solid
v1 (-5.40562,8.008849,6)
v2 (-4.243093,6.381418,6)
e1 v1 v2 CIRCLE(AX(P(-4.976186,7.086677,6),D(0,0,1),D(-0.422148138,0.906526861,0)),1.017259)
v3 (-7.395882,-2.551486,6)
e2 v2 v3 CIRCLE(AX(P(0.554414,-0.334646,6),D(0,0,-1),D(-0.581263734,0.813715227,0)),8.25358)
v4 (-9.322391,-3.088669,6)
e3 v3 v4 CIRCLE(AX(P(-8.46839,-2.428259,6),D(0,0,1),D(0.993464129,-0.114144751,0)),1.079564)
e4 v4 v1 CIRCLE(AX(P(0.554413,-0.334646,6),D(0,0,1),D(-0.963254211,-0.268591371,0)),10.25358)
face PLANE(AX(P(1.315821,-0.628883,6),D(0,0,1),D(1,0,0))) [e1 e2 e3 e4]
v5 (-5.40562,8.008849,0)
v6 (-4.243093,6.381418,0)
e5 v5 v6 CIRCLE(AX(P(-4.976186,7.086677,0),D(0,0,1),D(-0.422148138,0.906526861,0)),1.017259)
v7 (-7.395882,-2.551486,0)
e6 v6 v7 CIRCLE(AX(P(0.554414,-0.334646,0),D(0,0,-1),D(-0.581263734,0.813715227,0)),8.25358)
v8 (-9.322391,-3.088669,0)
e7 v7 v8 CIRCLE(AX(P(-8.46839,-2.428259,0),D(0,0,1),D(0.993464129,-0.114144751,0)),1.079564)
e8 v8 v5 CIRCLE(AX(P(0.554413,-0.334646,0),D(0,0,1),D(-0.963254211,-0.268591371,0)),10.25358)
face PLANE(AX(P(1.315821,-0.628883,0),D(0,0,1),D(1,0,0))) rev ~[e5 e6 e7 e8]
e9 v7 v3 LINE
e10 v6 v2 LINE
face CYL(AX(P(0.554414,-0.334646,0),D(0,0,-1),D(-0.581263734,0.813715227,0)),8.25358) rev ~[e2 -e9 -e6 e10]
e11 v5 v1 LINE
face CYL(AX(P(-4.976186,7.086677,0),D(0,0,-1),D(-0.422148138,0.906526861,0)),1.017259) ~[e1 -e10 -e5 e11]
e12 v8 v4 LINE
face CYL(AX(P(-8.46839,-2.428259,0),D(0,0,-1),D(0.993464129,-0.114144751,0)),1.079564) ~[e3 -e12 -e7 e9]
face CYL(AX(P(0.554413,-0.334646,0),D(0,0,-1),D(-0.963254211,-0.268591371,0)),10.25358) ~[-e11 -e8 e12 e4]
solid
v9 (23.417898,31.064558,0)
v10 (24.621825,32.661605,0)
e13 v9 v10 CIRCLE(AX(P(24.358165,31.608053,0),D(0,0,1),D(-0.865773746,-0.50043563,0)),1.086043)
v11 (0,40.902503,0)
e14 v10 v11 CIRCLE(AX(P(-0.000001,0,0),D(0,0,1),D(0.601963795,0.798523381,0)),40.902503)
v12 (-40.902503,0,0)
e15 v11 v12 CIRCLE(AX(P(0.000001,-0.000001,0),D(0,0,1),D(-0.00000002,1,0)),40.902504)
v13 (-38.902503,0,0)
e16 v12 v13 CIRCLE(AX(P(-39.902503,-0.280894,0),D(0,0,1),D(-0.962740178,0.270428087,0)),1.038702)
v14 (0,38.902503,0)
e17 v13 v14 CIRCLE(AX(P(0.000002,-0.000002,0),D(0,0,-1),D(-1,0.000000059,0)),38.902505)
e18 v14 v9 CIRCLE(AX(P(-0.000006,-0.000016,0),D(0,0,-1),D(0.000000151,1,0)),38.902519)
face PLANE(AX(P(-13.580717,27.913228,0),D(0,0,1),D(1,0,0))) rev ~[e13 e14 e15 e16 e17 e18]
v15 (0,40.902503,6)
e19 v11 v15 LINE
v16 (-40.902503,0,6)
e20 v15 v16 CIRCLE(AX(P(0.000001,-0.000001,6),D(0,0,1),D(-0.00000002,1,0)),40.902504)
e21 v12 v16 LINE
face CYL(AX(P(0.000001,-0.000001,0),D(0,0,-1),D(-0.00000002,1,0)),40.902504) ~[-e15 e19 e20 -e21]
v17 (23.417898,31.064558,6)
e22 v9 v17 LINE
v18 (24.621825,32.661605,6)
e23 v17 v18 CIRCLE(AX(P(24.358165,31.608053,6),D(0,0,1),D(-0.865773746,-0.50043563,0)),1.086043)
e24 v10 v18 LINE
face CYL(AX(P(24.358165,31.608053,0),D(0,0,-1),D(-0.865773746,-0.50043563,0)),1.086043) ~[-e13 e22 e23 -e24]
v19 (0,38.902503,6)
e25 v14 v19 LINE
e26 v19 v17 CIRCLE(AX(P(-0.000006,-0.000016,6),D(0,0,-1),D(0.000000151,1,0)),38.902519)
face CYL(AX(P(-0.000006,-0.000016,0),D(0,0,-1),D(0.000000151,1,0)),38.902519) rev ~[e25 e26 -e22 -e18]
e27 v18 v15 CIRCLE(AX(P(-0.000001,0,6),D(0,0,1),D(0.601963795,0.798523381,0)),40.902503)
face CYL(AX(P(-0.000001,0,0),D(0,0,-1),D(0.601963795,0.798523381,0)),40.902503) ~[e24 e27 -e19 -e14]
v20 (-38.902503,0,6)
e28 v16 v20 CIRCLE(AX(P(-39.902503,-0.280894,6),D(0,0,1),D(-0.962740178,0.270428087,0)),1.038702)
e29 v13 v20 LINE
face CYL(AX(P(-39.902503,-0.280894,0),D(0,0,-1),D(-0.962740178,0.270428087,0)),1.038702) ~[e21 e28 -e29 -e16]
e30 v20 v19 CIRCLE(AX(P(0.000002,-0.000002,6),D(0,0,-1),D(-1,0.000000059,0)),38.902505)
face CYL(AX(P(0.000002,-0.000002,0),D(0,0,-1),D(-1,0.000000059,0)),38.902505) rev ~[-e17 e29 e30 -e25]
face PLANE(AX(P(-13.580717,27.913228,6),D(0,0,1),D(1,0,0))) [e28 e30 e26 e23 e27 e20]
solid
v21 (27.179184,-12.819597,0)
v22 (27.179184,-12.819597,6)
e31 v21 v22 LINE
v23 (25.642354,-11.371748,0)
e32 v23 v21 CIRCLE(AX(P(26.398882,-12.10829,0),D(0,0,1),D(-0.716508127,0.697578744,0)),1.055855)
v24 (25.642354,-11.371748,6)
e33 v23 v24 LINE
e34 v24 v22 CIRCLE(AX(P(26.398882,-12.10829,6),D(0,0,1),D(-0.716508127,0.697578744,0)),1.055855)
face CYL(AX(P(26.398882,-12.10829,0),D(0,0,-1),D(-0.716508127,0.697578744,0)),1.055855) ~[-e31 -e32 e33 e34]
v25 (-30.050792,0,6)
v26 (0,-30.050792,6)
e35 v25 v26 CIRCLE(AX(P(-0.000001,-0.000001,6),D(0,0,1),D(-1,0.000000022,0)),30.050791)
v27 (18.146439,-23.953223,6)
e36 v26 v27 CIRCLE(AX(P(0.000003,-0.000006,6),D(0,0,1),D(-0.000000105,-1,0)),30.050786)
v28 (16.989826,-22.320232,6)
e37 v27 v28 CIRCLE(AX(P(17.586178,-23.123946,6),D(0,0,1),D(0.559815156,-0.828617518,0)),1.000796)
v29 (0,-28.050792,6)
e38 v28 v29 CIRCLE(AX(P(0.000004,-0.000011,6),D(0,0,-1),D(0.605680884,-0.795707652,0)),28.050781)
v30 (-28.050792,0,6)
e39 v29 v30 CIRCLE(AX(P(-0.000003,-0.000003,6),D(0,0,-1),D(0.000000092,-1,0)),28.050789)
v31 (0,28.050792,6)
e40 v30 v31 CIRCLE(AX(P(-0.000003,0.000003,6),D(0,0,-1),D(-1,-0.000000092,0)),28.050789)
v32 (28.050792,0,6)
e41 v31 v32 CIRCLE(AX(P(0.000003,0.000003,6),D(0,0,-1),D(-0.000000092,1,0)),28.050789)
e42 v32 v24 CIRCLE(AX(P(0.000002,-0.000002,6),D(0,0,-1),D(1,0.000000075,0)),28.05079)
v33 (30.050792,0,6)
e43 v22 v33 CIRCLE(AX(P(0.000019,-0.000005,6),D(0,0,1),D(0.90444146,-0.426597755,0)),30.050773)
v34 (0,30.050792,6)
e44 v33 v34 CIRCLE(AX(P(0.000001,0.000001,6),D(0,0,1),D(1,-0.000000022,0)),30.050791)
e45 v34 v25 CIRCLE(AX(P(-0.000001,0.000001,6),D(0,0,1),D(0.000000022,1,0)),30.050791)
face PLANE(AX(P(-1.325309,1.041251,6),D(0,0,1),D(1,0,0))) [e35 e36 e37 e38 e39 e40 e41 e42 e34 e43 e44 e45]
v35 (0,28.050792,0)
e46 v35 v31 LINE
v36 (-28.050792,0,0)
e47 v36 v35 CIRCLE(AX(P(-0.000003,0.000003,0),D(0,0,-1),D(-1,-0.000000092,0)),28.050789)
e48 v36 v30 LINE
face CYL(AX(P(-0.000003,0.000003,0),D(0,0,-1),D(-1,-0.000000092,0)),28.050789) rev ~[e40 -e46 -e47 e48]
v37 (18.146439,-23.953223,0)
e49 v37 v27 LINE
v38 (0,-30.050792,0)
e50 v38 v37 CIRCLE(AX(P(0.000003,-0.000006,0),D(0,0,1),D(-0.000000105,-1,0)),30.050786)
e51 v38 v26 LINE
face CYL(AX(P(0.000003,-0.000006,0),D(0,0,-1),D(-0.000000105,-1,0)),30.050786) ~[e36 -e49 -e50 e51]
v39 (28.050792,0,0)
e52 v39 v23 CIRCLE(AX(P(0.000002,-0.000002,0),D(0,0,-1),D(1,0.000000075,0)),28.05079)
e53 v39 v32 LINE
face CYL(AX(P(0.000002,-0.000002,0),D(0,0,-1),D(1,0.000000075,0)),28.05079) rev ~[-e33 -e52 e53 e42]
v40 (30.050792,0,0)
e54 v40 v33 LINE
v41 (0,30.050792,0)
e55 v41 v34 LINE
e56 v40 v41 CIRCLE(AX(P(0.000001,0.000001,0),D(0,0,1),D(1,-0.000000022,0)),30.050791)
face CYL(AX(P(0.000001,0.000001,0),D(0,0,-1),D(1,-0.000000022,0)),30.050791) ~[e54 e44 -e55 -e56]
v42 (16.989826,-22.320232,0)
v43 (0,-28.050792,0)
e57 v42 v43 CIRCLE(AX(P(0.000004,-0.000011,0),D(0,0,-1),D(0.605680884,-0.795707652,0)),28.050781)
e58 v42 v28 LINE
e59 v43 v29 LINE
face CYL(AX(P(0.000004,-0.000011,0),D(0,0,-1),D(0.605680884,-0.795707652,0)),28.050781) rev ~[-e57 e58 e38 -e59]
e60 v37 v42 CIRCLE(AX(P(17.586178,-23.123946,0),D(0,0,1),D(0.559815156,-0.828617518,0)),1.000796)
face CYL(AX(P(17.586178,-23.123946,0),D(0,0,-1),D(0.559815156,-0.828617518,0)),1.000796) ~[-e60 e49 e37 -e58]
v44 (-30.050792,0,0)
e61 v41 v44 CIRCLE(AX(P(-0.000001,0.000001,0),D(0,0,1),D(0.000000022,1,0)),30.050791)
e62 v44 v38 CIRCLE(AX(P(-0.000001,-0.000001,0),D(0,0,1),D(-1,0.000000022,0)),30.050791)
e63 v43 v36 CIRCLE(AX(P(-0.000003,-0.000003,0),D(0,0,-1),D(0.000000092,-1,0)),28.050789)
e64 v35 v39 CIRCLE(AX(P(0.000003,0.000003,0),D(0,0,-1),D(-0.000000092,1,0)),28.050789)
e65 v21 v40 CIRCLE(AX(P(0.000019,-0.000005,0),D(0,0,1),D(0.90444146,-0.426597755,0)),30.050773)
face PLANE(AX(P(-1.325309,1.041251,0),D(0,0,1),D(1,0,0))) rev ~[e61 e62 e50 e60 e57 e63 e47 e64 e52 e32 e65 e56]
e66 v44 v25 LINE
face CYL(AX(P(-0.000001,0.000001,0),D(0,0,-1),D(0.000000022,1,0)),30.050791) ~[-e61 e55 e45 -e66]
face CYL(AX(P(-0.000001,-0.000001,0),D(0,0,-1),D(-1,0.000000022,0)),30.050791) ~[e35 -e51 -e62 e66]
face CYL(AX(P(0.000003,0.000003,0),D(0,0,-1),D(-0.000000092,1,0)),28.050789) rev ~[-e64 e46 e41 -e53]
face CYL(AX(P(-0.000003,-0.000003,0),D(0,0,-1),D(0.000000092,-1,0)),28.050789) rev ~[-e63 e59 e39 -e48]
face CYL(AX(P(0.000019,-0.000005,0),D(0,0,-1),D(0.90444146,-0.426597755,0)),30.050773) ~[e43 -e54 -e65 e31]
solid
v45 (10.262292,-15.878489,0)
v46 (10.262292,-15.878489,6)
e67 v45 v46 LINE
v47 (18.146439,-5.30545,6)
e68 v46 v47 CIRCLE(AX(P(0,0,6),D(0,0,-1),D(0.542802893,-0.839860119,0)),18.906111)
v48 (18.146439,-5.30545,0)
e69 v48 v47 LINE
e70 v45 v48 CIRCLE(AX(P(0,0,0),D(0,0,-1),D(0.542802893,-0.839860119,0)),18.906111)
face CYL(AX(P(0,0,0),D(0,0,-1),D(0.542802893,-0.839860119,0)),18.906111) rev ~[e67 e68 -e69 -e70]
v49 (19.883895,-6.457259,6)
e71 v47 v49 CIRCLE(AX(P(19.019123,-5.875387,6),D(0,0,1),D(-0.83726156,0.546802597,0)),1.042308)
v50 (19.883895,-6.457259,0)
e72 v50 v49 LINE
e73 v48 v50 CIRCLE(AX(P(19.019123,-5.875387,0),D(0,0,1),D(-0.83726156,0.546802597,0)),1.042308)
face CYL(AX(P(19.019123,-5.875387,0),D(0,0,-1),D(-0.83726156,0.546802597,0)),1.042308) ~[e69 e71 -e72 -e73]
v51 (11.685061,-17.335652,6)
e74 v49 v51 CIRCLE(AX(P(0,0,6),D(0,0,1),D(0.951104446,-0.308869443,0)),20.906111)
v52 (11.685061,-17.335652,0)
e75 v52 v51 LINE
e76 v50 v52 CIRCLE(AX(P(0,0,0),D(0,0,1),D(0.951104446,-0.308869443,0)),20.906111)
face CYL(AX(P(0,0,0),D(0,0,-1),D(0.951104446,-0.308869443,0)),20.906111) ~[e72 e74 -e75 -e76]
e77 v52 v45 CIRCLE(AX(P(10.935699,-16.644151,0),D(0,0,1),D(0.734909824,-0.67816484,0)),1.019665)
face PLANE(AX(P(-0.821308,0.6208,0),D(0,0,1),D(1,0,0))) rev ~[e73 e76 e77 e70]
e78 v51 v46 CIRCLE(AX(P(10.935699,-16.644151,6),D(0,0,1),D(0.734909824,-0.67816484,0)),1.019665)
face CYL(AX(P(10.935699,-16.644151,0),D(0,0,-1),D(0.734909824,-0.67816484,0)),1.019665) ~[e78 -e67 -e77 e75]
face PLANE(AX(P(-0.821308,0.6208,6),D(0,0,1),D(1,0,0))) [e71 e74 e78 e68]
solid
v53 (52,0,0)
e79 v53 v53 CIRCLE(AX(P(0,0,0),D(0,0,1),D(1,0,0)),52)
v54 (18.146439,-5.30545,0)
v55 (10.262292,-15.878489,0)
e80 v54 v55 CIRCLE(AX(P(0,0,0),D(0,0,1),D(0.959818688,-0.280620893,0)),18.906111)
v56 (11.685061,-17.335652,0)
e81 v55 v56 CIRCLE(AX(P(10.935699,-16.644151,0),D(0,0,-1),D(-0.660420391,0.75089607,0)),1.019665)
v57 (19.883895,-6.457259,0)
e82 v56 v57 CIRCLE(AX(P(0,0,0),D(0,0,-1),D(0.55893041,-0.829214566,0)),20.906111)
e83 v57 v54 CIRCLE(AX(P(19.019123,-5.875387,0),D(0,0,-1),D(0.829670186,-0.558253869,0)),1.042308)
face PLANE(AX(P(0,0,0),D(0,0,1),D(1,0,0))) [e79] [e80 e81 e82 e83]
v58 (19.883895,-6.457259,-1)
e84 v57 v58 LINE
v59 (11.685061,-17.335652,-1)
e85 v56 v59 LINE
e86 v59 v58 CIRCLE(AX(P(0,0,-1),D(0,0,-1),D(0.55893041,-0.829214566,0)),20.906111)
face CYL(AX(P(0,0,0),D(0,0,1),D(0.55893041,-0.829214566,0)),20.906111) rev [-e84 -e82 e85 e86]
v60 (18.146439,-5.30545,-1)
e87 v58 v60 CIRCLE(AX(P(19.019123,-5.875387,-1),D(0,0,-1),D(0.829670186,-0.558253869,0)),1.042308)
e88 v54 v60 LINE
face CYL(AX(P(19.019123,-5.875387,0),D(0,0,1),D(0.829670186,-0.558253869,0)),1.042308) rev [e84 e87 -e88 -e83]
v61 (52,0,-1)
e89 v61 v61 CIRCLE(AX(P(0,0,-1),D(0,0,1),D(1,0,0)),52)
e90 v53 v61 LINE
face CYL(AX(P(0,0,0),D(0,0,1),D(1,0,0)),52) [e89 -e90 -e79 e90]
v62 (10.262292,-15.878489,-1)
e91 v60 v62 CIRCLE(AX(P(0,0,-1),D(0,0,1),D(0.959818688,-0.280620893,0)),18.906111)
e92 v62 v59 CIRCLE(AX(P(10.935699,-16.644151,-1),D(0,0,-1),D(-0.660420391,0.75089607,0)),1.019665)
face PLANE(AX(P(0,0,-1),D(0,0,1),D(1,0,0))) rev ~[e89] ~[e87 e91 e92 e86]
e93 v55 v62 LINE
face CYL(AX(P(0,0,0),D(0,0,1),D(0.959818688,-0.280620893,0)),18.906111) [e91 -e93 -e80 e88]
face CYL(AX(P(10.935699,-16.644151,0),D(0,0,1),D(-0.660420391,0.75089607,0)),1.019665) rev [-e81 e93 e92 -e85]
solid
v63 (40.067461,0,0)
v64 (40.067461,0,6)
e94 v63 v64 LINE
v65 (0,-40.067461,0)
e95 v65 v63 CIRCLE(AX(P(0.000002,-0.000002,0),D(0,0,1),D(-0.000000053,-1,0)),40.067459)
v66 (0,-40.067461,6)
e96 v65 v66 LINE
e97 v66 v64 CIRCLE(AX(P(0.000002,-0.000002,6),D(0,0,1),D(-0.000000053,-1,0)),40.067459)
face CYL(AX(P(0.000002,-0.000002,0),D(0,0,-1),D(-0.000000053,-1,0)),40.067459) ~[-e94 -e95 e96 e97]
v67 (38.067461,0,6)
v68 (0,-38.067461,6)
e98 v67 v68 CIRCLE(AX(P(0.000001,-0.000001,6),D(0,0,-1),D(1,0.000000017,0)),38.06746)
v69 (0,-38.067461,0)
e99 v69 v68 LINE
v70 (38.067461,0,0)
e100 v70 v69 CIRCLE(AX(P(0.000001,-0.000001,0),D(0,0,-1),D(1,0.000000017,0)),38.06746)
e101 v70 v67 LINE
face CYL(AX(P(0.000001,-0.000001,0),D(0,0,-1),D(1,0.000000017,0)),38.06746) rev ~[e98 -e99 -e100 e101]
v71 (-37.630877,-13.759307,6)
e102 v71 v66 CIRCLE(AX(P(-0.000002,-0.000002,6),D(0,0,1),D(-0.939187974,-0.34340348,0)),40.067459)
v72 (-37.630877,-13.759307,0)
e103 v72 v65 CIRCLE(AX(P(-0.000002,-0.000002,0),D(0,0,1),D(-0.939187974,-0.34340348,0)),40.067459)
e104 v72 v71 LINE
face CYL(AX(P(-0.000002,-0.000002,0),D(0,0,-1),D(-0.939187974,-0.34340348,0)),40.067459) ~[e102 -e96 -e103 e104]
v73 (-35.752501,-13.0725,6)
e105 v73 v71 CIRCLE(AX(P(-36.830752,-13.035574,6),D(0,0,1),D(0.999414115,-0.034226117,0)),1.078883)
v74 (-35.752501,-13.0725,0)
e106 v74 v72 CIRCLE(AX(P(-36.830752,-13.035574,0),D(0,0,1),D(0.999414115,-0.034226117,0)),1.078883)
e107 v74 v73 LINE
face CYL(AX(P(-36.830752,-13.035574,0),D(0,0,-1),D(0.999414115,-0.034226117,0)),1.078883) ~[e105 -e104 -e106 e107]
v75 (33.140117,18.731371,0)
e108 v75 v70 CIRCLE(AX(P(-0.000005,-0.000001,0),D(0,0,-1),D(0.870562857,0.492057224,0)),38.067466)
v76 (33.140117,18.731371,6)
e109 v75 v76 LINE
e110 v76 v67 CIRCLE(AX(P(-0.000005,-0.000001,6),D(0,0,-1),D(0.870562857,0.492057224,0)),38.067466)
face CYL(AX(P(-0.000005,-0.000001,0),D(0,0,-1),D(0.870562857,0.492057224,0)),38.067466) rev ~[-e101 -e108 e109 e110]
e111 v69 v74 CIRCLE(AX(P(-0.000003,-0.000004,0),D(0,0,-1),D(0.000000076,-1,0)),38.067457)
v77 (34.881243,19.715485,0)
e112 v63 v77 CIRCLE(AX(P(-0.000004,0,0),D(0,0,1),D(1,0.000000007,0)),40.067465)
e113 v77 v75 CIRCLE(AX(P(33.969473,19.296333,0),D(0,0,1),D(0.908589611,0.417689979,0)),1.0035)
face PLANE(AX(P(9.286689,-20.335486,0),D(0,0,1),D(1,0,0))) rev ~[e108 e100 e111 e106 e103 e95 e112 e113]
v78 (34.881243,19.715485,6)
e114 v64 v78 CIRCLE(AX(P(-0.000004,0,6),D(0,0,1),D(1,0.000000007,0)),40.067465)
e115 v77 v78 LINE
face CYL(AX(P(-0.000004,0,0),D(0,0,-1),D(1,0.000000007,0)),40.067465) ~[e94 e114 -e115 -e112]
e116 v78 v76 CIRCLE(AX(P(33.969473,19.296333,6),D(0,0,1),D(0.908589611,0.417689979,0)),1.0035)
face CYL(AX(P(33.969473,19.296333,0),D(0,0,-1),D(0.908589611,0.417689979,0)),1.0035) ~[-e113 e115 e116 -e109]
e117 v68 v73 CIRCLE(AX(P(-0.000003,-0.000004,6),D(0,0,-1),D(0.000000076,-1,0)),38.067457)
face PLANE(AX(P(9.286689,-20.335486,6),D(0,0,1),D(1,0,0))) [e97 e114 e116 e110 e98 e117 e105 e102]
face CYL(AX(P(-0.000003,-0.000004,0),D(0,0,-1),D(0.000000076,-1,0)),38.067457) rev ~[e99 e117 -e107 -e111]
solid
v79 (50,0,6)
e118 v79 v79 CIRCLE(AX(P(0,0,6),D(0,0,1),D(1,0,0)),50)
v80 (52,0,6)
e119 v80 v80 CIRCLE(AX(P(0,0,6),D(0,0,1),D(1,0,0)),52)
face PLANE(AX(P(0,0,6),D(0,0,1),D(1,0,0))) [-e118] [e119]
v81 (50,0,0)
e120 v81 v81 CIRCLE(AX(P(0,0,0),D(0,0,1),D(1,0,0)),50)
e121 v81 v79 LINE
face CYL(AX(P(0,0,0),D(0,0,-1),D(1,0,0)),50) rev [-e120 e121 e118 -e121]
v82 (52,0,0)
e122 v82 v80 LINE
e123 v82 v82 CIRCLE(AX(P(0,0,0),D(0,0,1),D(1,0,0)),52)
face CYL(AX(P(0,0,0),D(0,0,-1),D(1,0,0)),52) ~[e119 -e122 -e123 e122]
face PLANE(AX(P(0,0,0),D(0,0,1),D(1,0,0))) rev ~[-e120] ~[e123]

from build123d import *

# Parameters (mm, degrees)
F0_R     = 52
F0_R_2   = 50
F1_DEPTH = 6
F2_R     = 52
F3_DEPTH = 1


with BuildPart() as f1:
    # F0 (on Top) → F1 (new body)
    with BuildSketch(Plane.XY):
        Circle(F0_R)
        Circle(F0_R_2, mode=Mode.SUBTRACT)
        with BuildLine():
            ThreePointArc((-38.902503, 0), (-27.508223, 27.508223), (0, 38.902503))
            ThreePointArc((0, 38.902503), (12.347381, 36.891013), (23.417898, 31.064558))
            ThreePointArc((23.417898, 31.064558), (25.225396, 30.954294), (24.621825, 32.661605))
            ThreePointArc((24.621825, 32.661605), (12.982167, 38.787602), (0, 40.902503))
            ThreePointArc((0, 40.902503), (-28.922437, 28.922437), (-40.902503, 0))
            ThreePointArc((-40.902503, 0), (-39.902503, -1.319596), (-38.902503, 0))
        make_face()
        with BuildLine():
            ThreePointArc((30.050792, 0), (21.249119, 21.249119), (0, 30.050792))
            ThreePointArc((0, 30.050792), (-21.249119, 21.249119), (-30.050792, 0))
            ThreePointArc((-30.050792, 0), (-21.249119, -21.249119), (0, -30.050792))
            ThreePointArc((0, -30.050792), (9.57175, -28.485641), (18.146439, -23.953223))
            ThreePointArc((18.146439, -23.953223), (18.402873, -22.545498), (16.989826, -22.320232))
            ThreePointArc((16.989826, -22.320232), (8.96512, -26.579571), (0, -28.050792))
            ThreePointArc((0, -28.050792), (-19.834906, -19.834906), (-28.050792, 0))
            ThreePointArc((-28.050792, 0), (-19.834906, 19.834906), (0, 28.050792))
            ThreePointArc((0, 28.050792), (19.834906, 19.834906), (28.050792, 0))
            ThreePointArc((28.050792, 0), (27.442078, -5.811997), (25.642354, -11.371748))
            ThreePointArc((25.642354, -11.371748), (25.67486, -12.876808), (27.179184, -12.819597))
            ThreePointArc((27.179184, -12.819597), (29.324104, -6.568642), (30.050792, 0))
        make_face()
        with BuildLine():
            ThreePointArc((10.262292, -15.878489), (-15.156229, 11.301759), (18.146439, -5.30545))
            ThreePointArc((18.146439, -5.30545), (18.443205, -6.744135), (19.883895, -6.457259))
            ThreePointArc((19.883895, -6.457259), (-16.695347, 12.58296), (11.685061, -17.335652))
            ThreePointArc((11.685061, -17.335652), (11.66527, -15.931801), (10.262292, -15.878489))
        make_face()
        with BuildLine():
            ThreePointArc((-7.395882, -2.551486), (-8.758352, -1.388365), (-9.322391, -3.088669))
            ThreePointArc((-9.322391, -3.088669), (10.22344, -3.747243), (-5.40562, 8.008849))
            ThreePointArc((-5.40562, 8.008849), (-5.803945, 6.495381), (-4.243093, 6.381418))
            ThreePointArc((-4.243093, 6.381418), (8.33746, -3.081603), (-7.395882, -2.551486))
        make_face()
        with BuildLine():
            ThreePointArc((0, -38.067461), (-21.811634, -31.199107), (-35.752501, -13.0725))
            ThreePointArc((-35.752501, -13.0725), (-37.201245, -12.0223), (-37.630877, -13.759307))
            ThreePointArc((-37.630877, -13.759307), (-22.95758, -32.838255), (0, -40.067461))
            ThreePointArc((0, -40.067461), (28.331974, -28.331974), (40.067461, 0))
            ThreePointArc((40.067461, 0), (38.749221, 10.193101), (34.881243, 19.715485))
            ThreePointArc((34.881243, 19.715485), (33.475693, 20.169943), (33.140117, 18.731371))
            ThreePointArc((33.140117, 18.731371), (36.815022, 9.684304), (38.067461, 0))
            ThreePointArc((38.067461, 0), (26.91776, -26.91776), (0, -38.067461))
        make_face()
    extrude(amount=F1_DEPTH)


with BuildPart() as f3:
    # F2 (on Top) → F3 (new body)
    with BuildSketch(Plane.XY):
        Circle(F2_R)
        with BuildLine():
            ThreePointArc((11.685061, -17.335652), (-16.695347, 12.58296), (19.883895, -6.457259))
            ThreePointArc((19.883895, -6.457259), (18.443205, -6.744135), (18.146439, -5.30545))
            ThreePointArc((18.146439, -5.30545), (-15.156229, 11.301759), (10.262292, -15.878489))
            ThreePointArc((10.262292, -15.878489), (11.66527, -15.931801), (11.685061, -17.335652))
        make_face(mode=Mode.SUBTRACT)
    extrude(amount=-F3_DEPTH)


solid = Compound([f1.part, f3.part])
